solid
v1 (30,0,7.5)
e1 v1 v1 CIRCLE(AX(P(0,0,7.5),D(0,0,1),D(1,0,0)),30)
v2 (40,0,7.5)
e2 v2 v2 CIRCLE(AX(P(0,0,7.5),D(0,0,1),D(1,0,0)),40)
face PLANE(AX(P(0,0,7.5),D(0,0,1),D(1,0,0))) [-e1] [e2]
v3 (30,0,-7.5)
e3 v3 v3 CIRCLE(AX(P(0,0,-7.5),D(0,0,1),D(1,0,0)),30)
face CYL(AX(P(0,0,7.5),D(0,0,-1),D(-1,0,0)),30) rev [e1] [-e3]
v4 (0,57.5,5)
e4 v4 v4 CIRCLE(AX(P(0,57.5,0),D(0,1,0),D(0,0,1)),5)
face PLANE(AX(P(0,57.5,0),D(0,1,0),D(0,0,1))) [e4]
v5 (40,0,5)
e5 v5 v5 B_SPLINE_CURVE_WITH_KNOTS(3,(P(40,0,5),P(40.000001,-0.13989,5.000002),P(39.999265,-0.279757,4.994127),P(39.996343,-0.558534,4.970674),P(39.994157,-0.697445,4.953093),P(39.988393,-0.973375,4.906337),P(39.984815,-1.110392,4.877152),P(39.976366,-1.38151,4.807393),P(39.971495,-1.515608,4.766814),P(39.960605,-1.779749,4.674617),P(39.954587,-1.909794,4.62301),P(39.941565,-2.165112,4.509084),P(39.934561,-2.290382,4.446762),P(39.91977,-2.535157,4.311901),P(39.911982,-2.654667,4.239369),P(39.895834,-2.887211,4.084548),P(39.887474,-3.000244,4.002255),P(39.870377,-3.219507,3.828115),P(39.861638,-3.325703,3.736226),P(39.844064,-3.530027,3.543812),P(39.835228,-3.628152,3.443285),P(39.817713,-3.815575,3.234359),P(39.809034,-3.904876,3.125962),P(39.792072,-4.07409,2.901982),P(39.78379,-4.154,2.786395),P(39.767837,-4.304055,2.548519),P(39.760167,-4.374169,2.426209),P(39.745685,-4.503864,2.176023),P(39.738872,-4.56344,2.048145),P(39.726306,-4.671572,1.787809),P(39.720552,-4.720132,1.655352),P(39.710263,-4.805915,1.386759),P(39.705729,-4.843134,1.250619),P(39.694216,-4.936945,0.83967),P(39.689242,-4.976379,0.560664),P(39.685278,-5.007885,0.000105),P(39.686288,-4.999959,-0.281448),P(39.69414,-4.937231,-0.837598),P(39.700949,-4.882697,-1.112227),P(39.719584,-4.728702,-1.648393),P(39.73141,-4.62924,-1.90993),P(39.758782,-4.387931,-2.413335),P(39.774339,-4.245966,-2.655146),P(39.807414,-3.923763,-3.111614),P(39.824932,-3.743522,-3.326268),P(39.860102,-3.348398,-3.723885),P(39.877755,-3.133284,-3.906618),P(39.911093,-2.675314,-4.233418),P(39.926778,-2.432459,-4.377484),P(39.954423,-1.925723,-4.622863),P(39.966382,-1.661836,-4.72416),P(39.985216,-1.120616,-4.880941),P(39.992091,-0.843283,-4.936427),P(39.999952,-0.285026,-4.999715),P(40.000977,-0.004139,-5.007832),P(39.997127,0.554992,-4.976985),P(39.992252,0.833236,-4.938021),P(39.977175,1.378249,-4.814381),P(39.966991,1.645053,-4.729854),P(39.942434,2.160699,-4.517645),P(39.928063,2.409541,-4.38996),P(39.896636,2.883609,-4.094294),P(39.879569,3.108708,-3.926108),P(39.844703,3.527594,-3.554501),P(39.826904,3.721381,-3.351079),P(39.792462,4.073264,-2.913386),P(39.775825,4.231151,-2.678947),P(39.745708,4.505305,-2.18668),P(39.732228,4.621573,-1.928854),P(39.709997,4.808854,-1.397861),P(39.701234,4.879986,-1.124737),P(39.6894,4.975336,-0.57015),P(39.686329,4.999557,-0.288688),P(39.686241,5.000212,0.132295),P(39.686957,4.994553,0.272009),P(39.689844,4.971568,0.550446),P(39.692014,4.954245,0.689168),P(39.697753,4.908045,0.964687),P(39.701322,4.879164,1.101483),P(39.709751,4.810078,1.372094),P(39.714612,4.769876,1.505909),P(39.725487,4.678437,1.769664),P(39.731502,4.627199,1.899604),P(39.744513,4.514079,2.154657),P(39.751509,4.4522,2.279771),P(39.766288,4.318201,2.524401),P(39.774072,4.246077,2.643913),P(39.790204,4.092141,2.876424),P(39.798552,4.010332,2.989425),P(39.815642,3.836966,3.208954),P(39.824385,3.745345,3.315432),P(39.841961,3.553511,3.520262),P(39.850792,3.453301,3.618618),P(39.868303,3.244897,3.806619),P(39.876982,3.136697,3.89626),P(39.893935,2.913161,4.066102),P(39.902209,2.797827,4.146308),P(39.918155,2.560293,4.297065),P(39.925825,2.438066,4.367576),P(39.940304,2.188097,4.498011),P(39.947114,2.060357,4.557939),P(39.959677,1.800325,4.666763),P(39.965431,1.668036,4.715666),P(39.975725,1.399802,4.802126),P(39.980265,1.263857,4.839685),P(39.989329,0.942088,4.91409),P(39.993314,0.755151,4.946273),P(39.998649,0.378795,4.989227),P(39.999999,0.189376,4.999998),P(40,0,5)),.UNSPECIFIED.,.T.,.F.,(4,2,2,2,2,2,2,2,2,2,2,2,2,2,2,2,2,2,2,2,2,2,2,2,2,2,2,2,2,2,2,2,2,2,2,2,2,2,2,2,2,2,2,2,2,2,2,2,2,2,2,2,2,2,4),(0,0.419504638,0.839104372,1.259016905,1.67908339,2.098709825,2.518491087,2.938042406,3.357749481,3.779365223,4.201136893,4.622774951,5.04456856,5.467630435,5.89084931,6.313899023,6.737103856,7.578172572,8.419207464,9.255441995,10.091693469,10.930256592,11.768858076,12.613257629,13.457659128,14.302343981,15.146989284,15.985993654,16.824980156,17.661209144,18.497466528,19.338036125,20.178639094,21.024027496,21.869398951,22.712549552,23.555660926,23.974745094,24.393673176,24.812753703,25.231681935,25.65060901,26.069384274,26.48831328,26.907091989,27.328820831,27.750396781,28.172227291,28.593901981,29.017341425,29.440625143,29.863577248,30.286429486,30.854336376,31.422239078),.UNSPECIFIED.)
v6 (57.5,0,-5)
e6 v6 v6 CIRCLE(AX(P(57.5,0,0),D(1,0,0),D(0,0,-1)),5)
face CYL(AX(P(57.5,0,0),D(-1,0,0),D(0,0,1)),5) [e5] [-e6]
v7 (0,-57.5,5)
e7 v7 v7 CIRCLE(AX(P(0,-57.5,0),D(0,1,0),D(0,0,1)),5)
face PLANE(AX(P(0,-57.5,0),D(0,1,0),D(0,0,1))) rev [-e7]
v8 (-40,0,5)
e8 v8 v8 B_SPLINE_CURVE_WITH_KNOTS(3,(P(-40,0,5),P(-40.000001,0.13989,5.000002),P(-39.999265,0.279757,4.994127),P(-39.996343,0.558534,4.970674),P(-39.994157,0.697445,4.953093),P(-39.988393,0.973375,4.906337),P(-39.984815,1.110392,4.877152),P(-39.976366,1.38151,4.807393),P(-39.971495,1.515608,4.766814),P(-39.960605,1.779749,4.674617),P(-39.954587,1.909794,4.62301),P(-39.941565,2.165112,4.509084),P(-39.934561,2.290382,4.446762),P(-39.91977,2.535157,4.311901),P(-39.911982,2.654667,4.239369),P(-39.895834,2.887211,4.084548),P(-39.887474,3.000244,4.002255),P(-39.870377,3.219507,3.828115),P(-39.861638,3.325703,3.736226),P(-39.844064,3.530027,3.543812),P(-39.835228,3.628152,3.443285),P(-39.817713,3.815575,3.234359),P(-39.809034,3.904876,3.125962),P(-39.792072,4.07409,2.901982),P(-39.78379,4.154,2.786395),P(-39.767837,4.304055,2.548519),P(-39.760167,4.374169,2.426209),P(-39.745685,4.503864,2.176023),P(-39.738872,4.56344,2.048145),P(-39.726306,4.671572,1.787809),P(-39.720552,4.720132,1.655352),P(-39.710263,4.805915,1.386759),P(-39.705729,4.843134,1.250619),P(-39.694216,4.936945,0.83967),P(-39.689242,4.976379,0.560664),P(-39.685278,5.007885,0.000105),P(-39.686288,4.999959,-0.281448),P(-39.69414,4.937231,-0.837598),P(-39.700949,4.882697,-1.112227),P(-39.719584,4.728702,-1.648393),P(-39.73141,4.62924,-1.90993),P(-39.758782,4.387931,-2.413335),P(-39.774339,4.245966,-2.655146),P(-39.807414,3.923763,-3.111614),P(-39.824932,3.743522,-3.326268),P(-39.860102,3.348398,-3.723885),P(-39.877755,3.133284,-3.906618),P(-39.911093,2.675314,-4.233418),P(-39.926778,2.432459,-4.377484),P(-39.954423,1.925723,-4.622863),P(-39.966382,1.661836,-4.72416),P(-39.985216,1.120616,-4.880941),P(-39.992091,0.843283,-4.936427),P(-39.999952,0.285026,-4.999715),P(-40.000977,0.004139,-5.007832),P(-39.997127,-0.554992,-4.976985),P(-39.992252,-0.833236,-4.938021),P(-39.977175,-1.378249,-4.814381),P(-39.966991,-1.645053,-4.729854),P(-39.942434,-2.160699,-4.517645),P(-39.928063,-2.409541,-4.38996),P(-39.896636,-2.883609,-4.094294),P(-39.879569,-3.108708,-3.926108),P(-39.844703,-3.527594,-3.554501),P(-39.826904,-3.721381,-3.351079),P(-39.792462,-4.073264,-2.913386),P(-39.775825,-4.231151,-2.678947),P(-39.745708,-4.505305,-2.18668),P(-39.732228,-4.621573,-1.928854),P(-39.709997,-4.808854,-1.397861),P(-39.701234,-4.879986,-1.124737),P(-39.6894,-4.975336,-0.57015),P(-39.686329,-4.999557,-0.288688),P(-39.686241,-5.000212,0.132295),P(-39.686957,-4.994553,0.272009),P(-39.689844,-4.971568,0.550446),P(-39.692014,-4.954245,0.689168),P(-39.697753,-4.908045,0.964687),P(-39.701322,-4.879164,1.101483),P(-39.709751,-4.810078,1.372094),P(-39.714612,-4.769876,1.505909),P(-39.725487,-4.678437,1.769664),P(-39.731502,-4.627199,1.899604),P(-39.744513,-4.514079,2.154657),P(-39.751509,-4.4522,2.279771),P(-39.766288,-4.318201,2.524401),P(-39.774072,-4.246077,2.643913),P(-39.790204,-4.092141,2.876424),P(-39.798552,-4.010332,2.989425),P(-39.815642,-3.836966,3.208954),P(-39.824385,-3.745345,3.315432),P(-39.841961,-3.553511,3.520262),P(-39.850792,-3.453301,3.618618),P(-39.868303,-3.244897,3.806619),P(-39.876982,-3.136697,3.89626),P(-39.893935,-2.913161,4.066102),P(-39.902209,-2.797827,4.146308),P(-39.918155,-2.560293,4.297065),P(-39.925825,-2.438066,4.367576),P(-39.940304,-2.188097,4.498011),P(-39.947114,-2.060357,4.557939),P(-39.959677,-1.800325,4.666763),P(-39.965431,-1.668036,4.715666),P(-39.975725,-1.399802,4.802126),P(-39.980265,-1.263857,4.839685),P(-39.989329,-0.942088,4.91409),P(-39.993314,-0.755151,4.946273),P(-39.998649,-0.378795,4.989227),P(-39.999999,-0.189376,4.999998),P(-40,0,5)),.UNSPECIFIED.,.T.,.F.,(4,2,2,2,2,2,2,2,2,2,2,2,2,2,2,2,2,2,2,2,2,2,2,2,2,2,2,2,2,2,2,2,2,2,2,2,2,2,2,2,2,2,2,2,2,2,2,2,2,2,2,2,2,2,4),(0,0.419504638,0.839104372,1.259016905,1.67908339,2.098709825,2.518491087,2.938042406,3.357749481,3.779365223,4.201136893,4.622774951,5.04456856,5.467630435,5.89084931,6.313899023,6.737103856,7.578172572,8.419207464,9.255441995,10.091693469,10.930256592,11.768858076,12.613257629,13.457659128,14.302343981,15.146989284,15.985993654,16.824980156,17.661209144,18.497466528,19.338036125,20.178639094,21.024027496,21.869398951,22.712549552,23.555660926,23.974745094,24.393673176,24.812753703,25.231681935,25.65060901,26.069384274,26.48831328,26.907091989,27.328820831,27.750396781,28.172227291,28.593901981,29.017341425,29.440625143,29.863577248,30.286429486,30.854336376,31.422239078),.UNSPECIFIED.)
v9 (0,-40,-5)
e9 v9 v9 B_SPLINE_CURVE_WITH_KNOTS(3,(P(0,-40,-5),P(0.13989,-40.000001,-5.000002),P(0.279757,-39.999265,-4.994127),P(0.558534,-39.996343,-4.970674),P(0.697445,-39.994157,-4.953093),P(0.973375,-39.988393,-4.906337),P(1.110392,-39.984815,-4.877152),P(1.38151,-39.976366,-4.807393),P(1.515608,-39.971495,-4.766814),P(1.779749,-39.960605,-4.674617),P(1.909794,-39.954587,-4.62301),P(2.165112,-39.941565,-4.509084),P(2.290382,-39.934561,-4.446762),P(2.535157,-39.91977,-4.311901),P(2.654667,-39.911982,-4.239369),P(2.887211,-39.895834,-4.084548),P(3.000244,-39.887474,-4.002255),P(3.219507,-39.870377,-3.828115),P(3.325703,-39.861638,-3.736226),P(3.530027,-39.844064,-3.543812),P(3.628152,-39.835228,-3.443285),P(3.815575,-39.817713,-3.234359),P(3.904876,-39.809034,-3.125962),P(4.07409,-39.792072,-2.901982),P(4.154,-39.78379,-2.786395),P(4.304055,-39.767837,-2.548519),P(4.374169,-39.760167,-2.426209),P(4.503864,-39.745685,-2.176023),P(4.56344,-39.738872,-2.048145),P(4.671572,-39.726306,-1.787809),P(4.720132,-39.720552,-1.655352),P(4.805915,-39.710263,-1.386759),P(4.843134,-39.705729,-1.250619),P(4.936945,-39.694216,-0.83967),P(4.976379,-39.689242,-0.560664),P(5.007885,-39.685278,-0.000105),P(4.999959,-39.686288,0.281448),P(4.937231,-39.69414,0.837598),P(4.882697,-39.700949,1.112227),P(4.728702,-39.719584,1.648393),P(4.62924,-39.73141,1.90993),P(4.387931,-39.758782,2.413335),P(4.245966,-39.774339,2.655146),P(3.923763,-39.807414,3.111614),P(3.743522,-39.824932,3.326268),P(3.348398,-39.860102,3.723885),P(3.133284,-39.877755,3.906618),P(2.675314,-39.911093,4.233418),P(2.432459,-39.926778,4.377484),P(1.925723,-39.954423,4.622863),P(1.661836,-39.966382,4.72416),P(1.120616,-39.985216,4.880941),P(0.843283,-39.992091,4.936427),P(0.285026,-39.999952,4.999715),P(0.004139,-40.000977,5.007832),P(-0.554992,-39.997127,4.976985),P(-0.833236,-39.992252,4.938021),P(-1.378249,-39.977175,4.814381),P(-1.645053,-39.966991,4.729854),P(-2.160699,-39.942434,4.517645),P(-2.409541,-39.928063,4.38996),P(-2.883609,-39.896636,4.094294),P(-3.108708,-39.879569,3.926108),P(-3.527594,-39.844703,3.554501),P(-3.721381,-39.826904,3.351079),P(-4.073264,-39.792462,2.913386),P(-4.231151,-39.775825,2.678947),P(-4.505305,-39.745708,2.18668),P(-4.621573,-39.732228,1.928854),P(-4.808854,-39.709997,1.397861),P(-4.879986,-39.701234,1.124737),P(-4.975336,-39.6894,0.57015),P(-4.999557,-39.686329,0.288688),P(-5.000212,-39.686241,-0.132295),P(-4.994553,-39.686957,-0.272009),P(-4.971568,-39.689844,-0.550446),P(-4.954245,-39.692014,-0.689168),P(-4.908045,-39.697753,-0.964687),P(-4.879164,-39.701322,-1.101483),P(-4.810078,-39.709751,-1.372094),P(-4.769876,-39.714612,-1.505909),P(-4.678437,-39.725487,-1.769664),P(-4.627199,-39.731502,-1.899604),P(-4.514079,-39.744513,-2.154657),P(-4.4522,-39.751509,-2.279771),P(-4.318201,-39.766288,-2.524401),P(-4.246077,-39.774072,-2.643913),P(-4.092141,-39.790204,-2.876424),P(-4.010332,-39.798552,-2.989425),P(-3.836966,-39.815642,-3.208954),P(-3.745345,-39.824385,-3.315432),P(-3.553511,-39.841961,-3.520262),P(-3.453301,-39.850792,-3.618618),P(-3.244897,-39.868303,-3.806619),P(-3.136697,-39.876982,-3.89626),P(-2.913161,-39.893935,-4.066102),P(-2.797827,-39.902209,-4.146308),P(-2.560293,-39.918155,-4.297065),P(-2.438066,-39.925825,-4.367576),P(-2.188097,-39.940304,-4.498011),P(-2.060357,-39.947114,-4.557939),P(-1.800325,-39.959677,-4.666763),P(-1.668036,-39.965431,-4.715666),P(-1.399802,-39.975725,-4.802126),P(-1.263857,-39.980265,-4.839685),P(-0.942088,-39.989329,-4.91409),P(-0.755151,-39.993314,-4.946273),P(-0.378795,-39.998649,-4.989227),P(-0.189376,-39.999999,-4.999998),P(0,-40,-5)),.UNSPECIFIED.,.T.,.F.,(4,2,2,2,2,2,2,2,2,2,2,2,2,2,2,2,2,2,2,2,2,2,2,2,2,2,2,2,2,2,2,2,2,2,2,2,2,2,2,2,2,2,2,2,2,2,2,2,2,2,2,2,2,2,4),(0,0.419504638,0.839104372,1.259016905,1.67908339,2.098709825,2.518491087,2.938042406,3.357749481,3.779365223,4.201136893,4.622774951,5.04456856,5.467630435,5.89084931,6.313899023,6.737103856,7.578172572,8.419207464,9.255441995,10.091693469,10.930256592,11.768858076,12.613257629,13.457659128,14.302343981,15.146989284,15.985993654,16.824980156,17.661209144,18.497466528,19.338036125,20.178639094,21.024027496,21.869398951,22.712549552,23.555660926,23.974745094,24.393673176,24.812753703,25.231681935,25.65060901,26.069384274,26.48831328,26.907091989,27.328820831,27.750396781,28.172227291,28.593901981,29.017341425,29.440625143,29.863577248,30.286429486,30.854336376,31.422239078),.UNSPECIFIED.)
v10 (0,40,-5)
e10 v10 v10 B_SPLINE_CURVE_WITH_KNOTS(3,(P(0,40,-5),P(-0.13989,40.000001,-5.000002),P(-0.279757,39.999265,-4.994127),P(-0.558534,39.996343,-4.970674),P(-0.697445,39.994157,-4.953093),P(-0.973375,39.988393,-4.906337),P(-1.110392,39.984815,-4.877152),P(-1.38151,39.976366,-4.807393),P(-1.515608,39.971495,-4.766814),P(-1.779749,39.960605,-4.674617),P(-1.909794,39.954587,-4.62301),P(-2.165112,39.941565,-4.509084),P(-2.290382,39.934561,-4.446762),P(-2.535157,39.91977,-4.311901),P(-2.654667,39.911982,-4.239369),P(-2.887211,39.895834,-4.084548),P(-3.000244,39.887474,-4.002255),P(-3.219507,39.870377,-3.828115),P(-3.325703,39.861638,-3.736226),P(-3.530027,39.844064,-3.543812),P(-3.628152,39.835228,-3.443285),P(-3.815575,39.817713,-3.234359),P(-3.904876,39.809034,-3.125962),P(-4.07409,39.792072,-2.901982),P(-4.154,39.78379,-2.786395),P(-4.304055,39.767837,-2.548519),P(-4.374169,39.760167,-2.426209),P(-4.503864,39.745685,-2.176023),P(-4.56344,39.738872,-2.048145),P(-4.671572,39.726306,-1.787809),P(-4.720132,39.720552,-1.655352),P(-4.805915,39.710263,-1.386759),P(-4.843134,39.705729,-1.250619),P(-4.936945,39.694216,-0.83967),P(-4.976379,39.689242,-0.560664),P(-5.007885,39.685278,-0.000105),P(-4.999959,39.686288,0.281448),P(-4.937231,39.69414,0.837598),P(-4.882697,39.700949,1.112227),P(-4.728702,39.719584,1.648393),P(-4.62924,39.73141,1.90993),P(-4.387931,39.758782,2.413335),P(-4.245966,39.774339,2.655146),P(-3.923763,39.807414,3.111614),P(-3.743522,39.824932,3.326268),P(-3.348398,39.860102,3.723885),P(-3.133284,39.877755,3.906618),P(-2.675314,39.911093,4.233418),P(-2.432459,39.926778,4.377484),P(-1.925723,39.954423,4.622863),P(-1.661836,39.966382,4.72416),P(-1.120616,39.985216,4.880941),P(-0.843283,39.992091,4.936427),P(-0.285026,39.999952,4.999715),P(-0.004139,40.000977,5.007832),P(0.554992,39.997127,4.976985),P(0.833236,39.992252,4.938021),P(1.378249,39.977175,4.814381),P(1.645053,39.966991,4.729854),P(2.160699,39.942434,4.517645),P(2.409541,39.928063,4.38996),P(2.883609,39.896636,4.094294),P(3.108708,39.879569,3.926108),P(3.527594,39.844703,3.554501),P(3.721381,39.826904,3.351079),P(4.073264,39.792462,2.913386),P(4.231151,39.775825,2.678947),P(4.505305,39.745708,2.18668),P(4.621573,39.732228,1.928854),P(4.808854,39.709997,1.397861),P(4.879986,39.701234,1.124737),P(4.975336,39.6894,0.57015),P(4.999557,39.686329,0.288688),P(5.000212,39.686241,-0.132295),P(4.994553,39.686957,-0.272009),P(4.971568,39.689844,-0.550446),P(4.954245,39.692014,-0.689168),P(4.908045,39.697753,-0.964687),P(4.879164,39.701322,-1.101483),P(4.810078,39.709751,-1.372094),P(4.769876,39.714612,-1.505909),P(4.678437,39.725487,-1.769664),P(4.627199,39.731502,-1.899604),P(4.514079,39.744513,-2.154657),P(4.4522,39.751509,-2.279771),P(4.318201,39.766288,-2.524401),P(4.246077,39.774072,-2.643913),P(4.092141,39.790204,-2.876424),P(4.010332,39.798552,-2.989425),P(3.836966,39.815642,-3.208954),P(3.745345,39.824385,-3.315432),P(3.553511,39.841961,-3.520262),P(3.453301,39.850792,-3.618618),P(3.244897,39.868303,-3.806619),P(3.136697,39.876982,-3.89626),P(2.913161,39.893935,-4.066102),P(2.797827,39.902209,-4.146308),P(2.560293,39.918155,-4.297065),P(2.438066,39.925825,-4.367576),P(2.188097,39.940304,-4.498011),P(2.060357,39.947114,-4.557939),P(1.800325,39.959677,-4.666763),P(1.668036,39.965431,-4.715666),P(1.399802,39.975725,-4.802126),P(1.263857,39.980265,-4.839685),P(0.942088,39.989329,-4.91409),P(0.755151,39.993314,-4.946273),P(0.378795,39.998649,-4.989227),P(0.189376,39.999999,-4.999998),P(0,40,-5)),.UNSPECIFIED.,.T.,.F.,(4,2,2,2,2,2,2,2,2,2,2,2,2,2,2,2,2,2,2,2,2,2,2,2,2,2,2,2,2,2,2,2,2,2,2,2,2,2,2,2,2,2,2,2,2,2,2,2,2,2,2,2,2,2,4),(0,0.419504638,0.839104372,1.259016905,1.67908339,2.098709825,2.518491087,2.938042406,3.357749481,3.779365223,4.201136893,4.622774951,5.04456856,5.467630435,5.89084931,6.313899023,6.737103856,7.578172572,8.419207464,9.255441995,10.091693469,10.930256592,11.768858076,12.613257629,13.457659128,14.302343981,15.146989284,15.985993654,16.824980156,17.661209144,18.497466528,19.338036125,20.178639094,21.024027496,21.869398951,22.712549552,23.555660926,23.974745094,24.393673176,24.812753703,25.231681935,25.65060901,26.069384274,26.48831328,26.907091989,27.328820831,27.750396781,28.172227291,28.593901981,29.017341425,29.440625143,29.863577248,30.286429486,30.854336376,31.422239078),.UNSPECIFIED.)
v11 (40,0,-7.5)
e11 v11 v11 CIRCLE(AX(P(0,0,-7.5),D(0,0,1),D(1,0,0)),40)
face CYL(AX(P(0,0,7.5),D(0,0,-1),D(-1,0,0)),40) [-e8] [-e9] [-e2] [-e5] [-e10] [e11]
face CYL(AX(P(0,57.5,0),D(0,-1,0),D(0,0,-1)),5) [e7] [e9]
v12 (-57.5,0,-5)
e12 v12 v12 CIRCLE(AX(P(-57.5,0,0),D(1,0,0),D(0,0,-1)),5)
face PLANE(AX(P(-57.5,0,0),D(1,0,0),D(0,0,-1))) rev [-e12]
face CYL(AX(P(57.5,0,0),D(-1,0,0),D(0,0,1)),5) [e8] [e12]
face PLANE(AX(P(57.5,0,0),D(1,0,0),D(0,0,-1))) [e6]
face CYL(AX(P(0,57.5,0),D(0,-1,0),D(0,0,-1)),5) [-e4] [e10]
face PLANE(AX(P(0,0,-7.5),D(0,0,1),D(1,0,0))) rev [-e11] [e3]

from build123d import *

# Parameters (mm, degrees)
CROQUIS2_R              = 40
CROQUIS2_R_2            = 30
SALIENTE_EXTRUIR1_DEPTH = 7.5
CROQUIS3_R              = 5
SALIENTE_EXTRUIR2_DEPTH = 57.5
CROQUIS4_R              = 5
SALIENTE_EXTRUIR3_DEPTH = 57.5
CORTAR_EXTRUIR1_START   = -115
CROQUIS5_R              = 30
CORTAR_EXTRUIR1_DEPTH   = 115


with BuildPart() as part:
    # Croquis2 → Saliente-Extruir1 (new, symmetric)
    with BuildSketch(Plane.XY):
        Circle(CROQUIS2_R)
        Circle(CROQUIS2_R_2, mode=Mode.SUBTRACT)
    extrude(amount=SALIENTE_EXTRUIR1_DEPTH, both=True)

    # Croquis3 → Saliente-Extruir2 (add, symmetric)
    with BuildSketch(Plane(origin=(0, 0, 0), x_dir=(1, 0, 0), z_dir=(0, 1, 0))):
        with Locations(Location((0, 0, 0), (0, 0, 90))):
            Circle(CROQUIS3_R)
    extrude(amount=SALIENTE_EXTRUIR2_DEPTH, both=True)

    # Croquis4 → Saliente-Extruir3 (add, symmetric)
    with BuildSketch(Plane(origin=(0, 0, 0), x_dir=(0, 0, -1), z_dir=(1, 0, 0))):
        with Locations(Location((0, 0, 0), (0, 0, 180))):
            Circle(CROQUIS4_R)
    extrude(amount=SALIENTE_EXTRUIR3_DEPTH, both=True)

    # Croquis5 → Cortar-Extruir1 (cut)
    with BuildSketch(Plane.XY.offset(7.5).offset(CORTAR_EXTRUIR1_START)):
        Circle(CROQUIS5_R)
    extrude(amount=CORTAR_EXTRUIR1_DEPTH, mode=Mode.SUBTRACT)


solid = part.part
